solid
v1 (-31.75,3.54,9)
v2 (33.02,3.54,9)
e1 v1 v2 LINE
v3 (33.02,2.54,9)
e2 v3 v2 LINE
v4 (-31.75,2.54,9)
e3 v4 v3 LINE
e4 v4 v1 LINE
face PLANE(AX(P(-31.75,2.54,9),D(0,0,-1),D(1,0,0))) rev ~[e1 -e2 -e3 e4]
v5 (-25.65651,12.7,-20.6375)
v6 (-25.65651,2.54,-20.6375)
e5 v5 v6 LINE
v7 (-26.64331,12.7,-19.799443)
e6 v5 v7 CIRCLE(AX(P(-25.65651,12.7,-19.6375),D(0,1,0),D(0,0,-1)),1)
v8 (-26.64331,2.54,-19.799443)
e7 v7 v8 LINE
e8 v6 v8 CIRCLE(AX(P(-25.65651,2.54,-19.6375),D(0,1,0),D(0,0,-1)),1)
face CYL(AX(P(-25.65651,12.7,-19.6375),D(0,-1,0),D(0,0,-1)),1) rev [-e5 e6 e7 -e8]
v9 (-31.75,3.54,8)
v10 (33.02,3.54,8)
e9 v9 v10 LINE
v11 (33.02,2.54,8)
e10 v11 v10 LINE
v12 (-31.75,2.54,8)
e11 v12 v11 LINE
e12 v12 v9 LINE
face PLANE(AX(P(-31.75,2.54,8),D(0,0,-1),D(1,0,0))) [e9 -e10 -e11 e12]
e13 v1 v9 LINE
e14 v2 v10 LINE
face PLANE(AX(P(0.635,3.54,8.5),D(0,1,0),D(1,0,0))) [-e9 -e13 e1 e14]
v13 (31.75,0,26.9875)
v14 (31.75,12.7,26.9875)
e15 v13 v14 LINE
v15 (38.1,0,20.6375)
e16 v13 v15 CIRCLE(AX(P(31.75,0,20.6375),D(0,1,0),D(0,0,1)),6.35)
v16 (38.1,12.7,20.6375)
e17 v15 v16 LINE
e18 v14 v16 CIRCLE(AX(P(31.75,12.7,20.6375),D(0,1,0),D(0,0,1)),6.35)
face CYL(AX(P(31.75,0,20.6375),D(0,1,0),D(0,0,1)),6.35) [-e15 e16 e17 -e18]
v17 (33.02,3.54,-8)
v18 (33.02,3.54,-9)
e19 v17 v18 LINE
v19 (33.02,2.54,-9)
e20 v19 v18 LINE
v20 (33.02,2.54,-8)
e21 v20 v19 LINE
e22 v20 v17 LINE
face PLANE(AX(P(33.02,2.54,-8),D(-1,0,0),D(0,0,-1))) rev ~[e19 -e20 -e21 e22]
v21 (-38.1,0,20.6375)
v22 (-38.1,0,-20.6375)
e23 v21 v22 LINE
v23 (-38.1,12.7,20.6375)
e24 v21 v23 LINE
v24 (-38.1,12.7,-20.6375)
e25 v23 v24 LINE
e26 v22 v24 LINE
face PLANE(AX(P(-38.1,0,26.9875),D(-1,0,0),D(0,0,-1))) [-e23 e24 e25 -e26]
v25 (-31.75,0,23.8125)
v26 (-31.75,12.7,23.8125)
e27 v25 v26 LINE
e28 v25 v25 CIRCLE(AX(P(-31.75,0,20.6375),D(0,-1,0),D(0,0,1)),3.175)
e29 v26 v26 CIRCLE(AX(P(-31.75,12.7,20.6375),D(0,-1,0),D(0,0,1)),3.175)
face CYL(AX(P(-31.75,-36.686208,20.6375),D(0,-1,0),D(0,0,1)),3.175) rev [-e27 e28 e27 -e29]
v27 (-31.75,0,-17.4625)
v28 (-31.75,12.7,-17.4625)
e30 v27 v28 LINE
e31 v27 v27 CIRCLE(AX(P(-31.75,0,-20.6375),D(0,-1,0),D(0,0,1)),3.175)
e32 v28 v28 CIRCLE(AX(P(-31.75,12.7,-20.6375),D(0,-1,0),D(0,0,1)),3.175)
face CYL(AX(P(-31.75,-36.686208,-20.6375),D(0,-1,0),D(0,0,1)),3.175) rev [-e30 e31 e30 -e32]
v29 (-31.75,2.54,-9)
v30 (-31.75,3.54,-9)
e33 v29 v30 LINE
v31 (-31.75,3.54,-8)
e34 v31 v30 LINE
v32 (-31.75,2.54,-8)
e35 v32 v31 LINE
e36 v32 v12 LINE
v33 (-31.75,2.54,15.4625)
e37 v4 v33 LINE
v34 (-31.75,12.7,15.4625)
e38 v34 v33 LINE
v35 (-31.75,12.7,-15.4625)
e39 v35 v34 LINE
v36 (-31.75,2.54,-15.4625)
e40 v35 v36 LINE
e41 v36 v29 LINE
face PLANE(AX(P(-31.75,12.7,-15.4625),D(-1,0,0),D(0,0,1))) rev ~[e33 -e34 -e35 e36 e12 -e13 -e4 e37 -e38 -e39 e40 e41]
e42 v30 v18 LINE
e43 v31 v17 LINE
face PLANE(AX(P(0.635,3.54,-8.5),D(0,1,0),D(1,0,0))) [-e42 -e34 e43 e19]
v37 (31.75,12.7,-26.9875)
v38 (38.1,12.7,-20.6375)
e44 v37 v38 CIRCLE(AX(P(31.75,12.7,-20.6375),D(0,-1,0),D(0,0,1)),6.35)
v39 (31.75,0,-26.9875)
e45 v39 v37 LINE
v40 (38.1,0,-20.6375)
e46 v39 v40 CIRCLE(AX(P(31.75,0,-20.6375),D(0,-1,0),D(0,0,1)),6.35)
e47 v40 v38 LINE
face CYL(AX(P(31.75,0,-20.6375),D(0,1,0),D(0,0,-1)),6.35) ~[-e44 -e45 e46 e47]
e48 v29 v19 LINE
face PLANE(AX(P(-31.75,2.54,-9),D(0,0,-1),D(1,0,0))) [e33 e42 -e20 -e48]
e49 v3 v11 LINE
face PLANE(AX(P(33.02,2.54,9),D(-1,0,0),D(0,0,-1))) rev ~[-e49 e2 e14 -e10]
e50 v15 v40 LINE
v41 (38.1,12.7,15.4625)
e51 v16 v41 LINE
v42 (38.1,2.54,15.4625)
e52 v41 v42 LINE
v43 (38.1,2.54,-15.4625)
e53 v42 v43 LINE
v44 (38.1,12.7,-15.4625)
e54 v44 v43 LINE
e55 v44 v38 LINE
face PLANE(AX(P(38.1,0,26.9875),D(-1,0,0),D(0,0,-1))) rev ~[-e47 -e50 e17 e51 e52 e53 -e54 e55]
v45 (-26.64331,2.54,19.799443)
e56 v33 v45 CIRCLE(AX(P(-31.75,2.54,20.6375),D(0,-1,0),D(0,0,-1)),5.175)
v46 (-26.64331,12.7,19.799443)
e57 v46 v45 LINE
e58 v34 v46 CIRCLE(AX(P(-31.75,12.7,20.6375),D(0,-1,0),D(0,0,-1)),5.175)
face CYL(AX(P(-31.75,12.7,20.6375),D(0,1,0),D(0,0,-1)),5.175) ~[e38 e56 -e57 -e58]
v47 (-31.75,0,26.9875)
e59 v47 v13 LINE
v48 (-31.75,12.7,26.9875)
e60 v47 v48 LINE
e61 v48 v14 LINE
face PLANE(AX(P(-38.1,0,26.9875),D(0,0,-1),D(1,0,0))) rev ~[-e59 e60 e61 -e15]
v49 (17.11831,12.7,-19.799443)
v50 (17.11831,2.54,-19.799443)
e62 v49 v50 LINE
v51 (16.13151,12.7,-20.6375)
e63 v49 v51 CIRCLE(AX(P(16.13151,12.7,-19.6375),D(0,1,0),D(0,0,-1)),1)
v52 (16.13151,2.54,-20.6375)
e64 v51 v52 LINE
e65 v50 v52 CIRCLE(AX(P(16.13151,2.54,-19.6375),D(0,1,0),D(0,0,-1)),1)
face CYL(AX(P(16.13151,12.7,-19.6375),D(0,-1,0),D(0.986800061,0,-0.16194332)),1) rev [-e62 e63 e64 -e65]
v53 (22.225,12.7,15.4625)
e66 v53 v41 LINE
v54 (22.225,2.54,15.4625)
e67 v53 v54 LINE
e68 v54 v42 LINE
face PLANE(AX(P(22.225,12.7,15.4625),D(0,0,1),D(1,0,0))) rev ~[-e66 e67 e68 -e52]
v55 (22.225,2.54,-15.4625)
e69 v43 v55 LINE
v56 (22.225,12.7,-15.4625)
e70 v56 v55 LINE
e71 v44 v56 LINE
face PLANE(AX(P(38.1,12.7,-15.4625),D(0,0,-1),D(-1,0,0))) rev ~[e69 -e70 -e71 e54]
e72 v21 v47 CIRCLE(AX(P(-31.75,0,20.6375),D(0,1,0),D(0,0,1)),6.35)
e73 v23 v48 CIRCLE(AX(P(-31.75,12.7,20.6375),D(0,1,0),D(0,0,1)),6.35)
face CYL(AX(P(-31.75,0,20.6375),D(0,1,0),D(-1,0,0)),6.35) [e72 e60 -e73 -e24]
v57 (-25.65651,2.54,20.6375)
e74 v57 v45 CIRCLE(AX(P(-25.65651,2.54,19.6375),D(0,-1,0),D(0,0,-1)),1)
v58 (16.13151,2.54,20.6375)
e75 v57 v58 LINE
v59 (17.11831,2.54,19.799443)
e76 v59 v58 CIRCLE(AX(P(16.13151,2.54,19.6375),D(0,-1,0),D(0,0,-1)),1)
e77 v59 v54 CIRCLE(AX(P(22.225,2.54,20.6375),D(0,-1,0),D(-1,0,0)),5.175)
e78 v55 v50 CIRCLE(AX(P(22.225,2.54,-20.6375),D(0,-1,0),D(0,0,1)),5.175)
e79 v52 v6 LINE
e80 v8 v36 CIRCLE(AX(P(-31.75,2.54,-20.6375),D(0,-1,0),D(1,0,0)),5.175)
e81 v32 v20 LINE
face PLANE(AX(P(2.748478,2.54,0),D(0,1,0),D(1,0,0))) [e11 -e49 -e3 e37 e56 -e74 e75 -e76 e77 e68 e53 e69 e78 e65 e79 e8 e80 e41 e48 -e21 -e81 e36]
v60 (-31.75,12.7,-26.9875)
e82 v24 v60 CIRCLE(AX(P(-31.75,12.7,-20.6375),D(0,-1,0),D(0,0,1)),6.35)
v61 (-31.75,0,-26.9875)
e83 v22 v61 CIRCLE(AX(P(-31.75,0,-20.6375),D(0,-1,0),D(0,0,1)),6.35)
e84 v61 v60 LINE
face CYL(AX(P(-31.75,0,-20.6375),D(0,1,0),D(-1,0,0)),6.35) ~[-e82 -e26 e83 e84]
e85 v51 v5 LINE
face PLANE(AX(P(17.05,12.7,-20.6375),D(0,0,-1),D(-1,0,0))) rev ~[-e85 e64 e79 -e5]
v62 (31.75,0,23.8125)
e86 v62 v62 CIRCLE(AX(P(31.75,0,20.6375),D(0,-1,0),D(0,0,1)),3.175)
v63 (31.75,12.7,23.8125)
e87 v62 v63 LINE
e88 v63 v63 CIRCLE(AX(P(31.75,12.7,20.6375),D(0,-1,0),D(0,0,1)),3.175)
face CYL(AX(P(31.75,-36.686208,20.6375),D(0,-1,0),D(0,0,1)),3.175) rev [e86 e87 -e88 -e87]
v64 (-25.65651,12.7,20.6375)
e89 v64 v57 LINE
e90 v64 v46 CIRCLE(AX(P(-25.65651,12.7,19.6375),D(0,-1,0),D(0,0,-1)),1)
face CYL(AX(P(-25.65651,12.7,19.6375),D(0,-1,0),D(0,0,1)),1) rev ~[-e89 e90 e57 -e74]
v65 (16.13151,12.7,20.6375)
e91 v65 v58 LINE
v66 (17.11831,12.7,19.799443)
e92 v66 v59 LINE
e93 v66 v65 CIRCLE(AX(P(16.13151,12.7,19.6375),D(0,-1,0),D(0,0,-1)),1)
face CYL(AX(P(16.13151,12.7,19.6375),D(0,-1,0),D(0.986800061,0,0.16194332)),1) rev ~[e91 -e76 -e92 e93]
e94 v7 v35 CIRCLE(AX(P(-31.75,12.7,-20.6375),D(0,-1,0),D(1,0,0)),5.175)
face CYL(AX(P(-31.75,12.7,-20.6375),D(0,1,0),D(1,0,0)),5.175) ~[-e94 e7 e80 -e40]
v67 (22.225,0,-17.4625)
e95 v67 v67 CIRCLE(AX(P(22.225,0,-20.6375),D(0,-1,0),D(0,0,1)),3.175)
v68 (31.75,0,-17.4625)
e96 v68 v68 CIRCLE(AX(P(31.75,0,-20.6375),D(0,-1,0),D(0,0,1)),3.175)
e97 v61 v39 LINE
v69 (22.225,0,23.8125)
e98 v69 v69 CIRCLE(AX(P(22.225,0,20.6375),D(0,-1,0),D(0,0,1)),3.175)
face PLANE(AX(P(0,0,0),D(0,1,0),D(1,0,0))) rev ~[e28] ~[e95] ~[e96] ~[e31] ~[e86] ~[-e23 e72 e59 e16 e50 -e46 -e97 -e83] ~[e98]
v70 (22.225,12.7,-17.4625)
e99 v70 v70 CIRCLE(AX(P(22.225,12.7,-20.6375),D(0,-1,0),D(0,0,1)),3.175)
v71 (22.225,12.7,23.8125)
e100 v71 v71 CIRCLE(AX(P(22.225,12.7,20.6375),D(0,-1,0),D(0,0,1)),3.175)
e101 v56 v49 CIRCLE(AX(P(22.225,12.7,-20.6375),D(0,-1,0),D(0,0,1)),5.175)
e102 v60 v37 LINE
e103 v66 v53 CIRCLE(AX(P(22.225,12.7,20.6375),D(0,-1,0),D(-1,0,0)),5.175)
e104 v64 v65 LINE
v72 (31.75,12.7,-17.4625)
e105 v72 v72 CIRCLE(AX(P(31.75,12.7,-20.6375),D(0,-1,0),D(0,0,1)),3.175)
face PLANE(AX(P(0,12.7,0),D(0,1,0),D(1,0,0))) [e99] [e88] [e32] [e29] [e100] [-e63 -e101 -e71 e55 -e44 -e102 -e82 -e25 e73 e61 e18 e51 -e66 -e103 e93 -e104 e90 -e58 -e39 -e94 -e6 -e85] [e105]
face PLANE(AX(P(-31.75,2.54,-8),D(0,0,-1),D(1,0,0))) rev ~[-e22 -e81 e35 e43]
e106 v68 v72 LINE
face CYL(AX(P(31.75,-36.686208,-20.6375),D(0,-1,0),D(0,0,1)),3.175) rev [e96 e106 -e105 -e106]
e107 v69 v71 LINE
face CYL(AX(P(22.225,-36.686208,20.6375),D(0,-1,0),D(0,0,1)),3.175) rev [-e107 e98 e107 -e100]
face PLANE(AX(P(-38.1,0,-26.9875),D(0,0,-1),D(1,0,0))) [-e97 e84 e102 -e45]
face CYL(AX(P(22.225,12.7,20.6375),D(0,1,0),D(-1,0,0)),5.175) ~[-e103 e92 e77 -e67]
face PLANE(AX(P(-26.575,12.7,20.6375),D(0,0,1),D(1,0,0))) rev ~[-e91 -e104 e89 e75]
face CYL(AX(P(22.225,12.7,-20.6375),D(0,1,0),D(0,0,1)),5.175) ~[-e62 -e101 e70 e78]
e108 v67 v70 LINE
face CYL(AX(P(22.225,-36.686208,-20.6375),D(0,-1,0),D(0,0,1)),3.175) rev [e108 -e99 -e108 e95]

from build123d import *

# Parameters (mm, degrees)
MAIN_BODY_SKETCH_W        = 76.2
MAIN_BODY_SKETCH_H        = 53.975
MAIN_BODY_DEPTH           = 12.7
MOUNTING_HOLES_DEPTH      = 49.386208327
MOUNTING_HOLES_DEPTH_BACK = 49.386208327
MOUNTING_HOLES_SKETCH_R   = 3.175
MAIN_CUTOUT_DEPTH         = 10.16
RIB_SKETCH_W              = 64.77
RIB_SKETCH_H              = 1
RIB_DEPTH                 = 1
OUTER_CORNER_FILLET_R     = 6.35
INNER_CORNER_FILLET_R     = 1


with BuildPart() as part:
    # Main Body Sketch → Main Body (new body)
    with BuildSketch(Plane(origin=(0, 0, 0), x_dir=(1, 0, 0), z_dir=(0, 1, 0))):
        Rectangle(MAIN_BODY_SKETCH_W, MAIN_BODY_SKETCH_H)
    extrude(amount=MAIN_BODY_DEPTH)

    # Mounting Holes Sketch → Mounting Holes (cut, two sides: drawn at the far end of the back side and taken through both)
    with BuildSketch(Plane(origin=(0, 12.7, 0), x_dir=(1, 0, 0), z_dir=(0, 1, 0)).offset(-MOUNTING_HOLES_DEPTH_BACK)):
        with Locations(Location((31.75, -20.6375, 0), (0, 0, 270))):
            Circle(MOUNTING_HOLES_SKETCH_R)
        with Locations(Location((22.225, -20.6375, 0), (0, 0, 270))):
            Circle(MOUNTING_HOLES_SKETCH_R)
        with Locations(Location((-31.75, -20.6375, 0), (0, 0, 270))):
            Circle(MOUNTING_HOLES_SKETCH_R)
        with Locations(Location((31.75, 20.6375, 0), (0, 0, 270))):
            Circle(MOUNTING_HOLES_SKETCH_R)
        with Locations(Location((22.225, 20.6375, 0), (0, 0, 270))):
            Circle(MOUNTING_HOLES_SKETCH_R)
        with Locations(Location((-31.75, 20.6375, 0), (0, 0, 270))):
            Circle(MOUNTING_HOLES_SKETCH_R)
    extrude(amount=MOUNTING_HOLES_DEPTH + MOUNTING_HOLES_DEPTH_BACK, mode=Mode.SUBTRACT)

    # Main Cutout Sketch → Main Cutout (cut)
    with BuildSketch(Plane(origin=(0, 12.7, 0), x_dir=(1, 0, 0), z_dir=(0, 1, 0))):
        with BuildLine():
            Line((31.75, -15.4625), (38.1, -15.4625))
            Line((38.1, -15.4625), (38.1, 15.4625))
            Line((38.1, 15.4625), (22.225, 15.4625))
            ThreePointArc((22.225, 15.4625), (18.565722407, 16.978222407), (17.05, 20.6375))
            Line((17.05, 20.6375), (-26.575, 20.6375))
            ThreePointArc((-26.575, 20.6375), (-28.090722407, 16.978222407), (-31.75, 15.4625))
            Line((-31.75, 15.4625), (-31.75, -15.4625))
            ThreePointArc((-31.75, -15.4625), (-28.090722407, -16.978222407), (-26.575, -20.6375))
            Line((-26.575, -20.6375), (17.05, -20.6375))
            ThreePointArc((17.05, -20.6375), (18.565722407, -16.978222407), (22.225, -15.4625))
            Line((22.225, -15.4625), (31.75, -15.4625))
        make_face()
    extrude(amount=-MAIN_CUTOUT_DEPTH, mode=Mode.SUBTRACT)

    # Rib Sketch → Rib (add)
    with BuildSketch(Plane(origin=(0, 2.54, 0), x_dir=(1, 0, 0), z_dir=(0, 1, 0))):
        with Locations((0.635, -8.5)):
            Rectangle(RIB_SKETCH_W, RIB_SKETCH_H)
        with Locations((0.635, 8.5)):
            Rectangle(RIB_SKETCH_W, RIB_SKETCH_H)
    extrude(amount=RIB_DEPTH)

    # Outer Corner Fillet
    outer_corner_fillet_edges = [part.edges().sort_by_distance(p)[0] for p in [
        (-38.1, 6.35, -26.9875),
        (38.1, 6.35, -26.9875),
        (38.1, 6.35, 26.9875),
        (-38.1, 6.35, 26.9875),
    ]]
    fillet(outer_corner_fillet_edges, radius=OUTER_CORNER_FILLET_R)

    # Inner Corner Fillet
    inner_corner_fillet_edges = [part.edges().sort_by_distance(p)[0] for p in [
        (17.05, 7.62, -20.6375),
        (-26.575, 7.62, -20.6375),
        (-26.575, 7.62, 20.6375),
        (17.05, 7.62, 20.6375),
    ]]
    fillet(inner_corner_fillet_edges, radius=INNER_CORNER_FILLET_R)


solid = part.part
